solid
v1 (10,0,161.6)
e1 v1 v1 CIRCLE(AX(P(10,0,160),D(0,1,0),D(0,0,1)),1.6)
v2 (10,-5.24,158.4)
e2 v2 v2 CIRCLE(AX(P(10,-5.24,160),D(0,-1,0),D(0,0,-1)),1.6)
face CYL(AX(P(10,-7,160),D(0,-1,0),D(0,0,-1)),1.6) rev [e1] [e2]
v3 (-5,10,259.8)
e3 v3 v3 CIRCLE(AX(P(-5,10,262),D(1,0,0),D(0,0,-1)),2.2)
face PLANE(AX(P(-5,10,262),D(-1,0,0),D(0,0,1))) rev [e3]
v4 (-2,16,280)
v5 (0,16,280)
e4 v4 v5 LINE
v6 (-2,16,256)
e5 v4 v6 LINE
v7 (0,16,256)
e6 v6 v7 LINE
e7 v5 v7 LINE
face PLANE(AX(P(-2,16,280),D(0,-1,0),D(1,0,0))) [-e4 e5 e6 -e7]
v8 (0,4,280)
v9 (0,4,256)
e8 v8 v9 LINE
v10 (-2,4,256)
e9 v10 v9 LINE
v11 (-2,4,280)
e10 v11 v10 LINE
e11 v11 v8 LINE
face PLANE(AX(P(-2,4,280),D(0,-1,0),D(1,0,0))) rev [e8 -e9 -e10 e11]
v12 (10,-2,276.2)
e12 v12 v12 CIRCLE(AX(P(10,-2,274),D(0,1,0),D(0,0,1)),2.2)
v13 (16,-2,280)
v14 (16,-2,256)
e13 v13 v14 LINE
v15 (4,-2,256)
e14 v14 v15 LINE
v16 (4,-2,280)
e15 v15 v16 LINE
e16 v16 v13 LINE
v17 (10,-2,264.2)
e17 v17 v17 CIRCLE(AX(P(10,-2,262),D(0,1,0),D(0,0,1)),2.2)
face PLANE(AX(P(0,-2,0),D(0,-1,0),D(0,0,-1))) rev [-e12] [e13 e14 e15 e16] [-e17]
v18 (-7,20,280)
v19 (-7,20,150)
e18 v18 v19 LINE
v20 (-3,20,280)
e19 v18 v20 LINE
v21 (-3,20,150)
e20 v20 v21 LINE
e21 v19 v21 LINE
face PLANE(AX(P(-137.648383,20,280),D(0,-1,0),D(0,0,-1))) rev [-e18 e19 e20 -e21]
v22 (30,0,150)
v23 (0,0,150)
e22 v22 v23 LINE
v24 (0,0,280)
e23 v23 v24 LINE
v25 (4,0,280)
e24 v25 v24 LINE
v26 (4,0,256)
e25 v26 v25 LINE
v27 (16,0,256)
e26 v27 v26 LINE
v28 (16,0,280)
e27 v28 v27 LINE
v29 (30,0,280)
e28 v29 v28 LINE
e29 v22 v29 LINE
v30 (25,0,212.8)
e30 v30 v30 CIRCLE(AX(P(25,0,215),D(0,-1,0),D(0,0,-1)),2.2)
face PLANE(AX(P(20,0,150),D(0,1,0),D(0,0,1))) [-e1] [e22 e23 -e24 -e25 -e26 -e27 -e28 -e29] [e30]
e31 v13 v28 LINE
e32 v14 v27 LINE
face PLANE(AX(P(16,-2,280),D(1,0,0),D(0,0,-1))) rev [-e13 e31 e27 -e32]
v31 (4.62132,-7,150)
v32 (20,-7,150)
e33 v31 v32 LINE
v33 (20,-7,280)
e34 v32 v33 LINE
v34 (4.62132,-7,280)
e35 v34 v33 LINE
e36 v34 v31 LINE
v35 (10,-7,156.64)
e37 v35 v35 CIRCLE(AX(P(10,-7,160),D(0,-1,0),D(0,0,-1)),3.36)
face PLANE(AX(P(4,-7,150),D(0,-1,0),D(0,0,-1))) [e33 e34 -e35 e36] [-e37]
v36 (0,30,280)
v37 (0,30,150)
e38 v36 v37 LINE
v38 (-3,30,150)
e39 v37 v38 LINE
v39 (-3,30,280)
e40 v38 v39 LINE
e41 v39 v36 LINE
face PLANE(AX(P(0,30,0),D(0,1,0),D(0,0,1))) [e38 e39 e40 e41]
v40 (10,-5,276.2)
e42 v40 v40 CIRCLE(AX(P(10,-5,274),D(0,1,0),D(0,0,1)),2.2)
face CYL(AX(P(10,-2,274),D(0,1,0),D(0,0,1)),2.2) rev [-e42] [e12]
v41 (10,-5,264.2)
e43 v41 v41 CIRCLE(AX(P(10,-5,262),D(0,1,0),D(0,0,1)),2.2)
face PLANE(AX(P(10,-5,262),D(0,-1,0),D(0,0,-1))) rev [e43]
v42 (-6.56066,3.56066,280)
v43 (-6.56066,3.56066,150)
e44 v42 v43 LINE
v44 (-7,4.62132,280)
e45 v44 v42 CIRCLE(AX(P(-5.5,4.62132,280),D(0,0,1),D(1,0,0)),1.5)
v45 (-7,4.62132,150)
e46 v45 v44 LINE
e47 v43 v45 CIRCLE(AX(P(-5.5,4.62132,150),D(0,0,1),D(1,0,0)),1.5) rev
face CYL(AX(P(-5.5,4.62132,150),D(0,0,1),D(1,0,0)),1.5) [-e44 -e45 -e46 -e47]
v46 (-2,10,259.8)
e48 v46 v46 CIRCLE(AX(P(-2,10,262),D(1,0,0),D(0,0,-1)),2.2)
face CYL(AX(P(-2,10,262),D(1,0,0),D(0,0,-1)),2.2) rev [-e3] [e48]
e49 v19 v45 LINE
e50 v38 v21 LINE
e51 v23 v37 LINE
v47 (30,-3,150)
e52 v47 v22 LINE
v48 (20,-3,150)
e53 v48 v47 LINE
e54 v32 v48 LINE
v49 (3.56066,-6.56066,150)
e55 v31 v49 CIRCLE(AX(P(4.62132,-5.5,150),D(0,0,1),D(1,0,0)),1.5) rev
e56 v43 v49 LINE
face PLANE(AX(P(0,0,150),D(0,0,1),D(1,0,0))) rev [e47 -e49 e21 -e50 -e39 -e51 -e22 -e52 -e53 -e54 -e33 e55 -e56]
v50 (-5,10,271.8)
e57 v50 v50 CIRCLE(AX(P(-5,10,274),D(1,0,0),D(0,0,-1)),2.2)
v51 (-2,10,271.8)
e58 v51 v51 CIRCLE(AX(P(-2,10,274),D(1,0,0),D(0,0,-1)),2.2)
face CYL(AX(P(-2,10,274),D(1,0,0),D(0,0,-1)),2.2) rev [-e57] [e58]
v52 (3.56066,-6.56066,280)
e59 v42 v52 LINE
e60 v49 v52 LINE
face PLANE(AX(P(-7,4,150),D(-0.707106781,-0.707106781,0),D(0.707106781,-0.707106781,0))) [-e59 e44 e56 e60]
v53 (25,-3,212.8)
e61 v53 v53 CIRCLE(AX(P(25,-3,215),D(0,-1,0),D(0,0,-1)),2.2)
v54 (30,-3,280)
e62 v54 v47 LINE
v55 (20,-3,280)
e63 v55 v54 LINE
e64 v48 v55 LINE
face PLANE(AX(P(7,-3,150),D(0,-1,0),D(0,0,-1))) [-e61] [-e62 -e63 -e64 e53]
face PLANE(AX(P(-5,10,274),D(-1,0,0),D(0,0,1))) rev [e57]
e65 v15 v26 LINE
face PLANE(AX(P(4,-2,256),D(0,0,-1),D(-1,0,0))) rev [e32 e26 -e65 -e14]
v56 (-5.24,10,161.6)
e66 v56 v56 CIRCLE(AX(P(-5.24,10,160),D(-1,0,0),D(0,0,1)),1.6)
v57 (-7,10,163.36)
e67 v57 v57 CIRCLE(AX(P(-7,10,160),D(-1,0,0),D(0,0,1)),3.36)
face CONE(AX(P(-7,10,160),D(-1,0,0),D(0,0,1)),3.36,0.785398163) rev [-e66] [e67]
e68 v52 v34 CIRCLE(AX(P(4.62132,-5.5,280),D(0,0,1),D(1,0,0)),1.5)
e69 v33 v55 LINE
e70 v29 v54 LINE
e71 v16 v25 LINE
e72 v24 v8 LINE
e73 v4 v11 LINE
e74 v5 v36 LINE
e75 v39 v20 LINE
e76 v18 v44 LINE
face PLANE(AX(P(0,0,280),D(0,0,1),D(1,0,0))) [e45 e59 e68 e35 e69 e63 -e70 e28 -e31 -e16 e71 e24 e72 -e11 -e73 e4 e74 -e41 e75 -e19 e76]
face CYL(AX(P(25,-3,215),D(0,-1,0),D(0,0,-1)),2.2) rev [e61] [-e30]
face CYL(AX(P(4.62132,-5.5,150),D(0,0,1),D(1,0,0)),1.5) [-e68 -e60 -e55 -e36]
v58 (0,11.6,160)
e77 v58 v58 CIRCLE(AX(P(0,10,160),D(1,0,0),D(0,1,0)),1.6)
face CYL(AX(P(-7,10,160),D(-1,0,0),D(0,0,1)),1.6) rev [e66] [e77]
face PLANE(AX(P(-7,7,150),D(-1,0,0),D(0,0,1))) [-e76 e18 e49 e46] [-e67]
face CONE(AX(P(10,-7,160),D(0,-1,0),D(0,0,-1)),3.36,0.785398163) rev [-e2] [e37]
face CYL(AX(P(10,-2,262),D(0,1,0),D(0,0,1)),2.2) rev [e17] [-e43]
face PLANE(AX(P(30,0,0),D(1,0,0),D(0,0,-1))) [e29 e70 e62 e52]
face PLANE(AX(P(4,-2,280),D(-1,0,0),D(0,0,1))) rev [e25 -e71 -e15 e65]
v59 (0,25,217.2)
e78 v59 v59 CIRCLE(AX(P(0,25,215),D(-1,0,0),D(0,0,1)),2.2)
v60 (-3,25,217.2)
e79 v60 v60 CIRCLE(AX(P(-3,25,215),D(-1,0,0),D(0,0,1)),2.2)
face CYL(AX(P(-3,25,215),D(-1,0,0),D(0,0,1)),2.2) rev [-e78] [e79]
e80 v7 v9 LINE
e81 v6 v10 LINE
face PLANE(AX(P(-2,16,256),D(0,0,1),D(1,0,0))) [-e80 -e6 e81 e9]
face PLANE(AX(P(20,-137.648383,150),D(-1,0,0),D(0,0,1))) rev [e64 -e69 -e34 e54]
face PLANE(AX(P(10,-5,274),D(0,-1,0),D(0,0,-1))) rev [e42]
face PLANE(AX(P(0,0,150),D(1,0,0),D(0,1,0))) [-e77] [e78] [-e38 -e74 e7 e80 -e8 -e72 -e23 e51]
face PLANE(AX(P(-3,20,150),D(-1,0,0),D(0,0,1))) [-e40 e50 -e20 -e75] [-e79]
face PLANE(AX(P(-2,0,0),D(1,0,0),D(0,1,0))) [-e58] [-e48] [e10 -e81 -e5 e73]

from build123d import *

# Parameters (mm, degrees)
BOSS_EXTRUDE1_DEPTH            = 130
FILLET1_R                      = 1.5
SKETCH2_W                      = 130
SKETCH2_H                      = 3
BOSS_EXTRUDE2_DEPTH            = 10
SKETCH4_W                      = 13
SKETCH4_H                      = 130
BOSS_EXTRUDE3_DEPTH            = 4
SKETCH6_W                      = 3
SKETCH6_H                      = 130
BOSS_EXTRUDE4_DEPTH            = 10
SKETCH5_W                      = 130
SKETCH5_H                      = 13
BOSS_EXTRUDE5_DEPTH            = 4
CSK_FOR_M3_SFHCS1_D            = 3.2
CSK_FOR_M3_SFHCS1_CSINK_D      = 6.72
CSK_FOR_M3_SFHCS1_CSINK_ANGLE  = 90
CSK_FOR_M3_SFHCS2_D            = 3.2
CSK_FOR_M3_SFHCS2_CSINK_D      = 6.72
CSK_FOR_M3_SFHCS2_CSINK_ANGLE  = 90
SKETCH13_W                     = 12
SKETCH13_H                     = 24
CUT_EXTRUDE1_DEPTH             = 2
F_4_4_4_4_DIAMETER_HOLE1_D     = 4.4
F_4_4_4_4_DIAMETER_HOLE1_DEPTH = 3
SKETCH16_W                     = 24
SKETCH16_H                     = 12
CUT_EXTRUDE2_DEPTH             = 2
F_4_4_4_4_DIAMETER_HOLE2_D     = 4.4
F_4_4_4_4_DIAMETER_HOLE2_DEPTH = 3
F_4_4_4_4_DIAMETER_HOLE3_D     = 4.4
F_4_4_4_4_DIAMETER_HOLE4_D     = 4.4


with BuildPart() as part:
    # Sketch1 → Boss-Extrude1 (new body)
    with BuildSketch(Plane.XY.offset(280)):
        Polygon((-7, 4), (4, -7), (7, -7), (7, -3), (20, -3), (20, 0), (0, 0), (0, 20), (-3, 20), (-3, 7), (-7, 7), align=None)
    extrude(amount=-BOSS_EXTRUDE1_DEPTH)

    # Fillet1
    fillet1_edges = [part.edges().sort_by_distance(p)[0] for p in [
        (4, -7, 215),
        (-7, 4, 215),
    ]]
    fillet(fillet1_edges, radius=FILLET1_R)

    # Sketch2 → Boss-Extrude2 (add)
    with BuildSketch(Plane(origin=(20, 0, 0), x_dir=(0, 0, -1), z_dir=(1, 0, 0))):
        with Locations((-215, -1.5)):
            Rectangle(SKETCH2_W, SKETCH2_H)
    extrude(amount=BOSS_EXTRUDE2_DEPTH)

    # Sketch4 → Boss-Extrude3 (add)
    with BuildSketch(Plane.XZ.offset(3)):
        with Locations((13.5, 215)):
            Rectangle(SKETCH4_W, SKETCH4_H)
    extrude(amount=BOSS_EXTRUDE3_DEPTH)

    # Sketch6 → Boss-Extrude4 (add)
    with BuildSketch(Plane(origin=(0, 20, 0), x_dir=(1, 0, 0), z_dir=(0, 1, 0))):
        with Locations((-1.5, -215)):
            Rectangle(SKETCH6_W, SKETCH6_H)
    extrude(amount=BOSS_EXTRUDE4_DEPTH)

    # Sketch5 → Boss-Extrude5 (add)
    with BuildSketch(Plane.ZY.offset(3)):
        with Locations((215, 13.5)):
            Rectangle(SKETCH5_W, SKETCH5_H)
    extrude(amount=BOSS_EXTRUDE5_DEPTH)

    # CSK for M3 SFHCS1 (through all)
    with Locations(Plane.ZY.offset(7)):
        with Locations((160, 10)):
            CounterSinkHole(CSK_FOR_M3_SFHCS1_D / 2, CSK_FOR_M3_SFHCS1_CSINK_D / 2, counter_sink_angle=CSK_FOR_M3_SFHCS1_CSINK_ANGLE)

    # CSK for M3 SFHCS2 (through all)
    with Locations(Plane.XZ.offset(7)):
        with Locations((10, 160)):
            CounterSinkHole(CSK_FOR_M3_SFHCS2_D / 2, CSK_FOR_M3_SFHCS2_CSINK_D / 2, counter_sink_angle=CSK_FOR_M3_SFHCS2_CSINK_ANGLE)

    # Sketch13 → Cut-Extrude1 (cut)
    with BuildSketch(Plane(origin=(0, 0, 0), x_dir=(1, 0, 0), z_dir=(0, 1, 0))):
        with Locations((10, -268)):
            Rectangle(SKETCH13_W, SKETCH13_H)
    extrude(amount=-CUT_EXTRUDE1_DEPTH, mode=Mode.SUBTRACT)

    # Ø4.4 (4.4) Diameter Hole1
    with Locations(Plane(origin=(0, -2, 0), x_dir=(1, 0, 0), z_dir=(0, 1, 0))):
        with Locations((10, -262), (10, -274)):
            Hole(F_4_4_4_4_DIAMETER_HOLE1_D / 2, depth=F_4_4_4_4_DIAMETER_HOLE1_DEPTH)

    # Sketch16 → Cut-Extrude2 (cut)
    with BuildSketch(Plane(origin=(0, 0, 0), x_dir=(0, 0, -1), z_dir=(1, 0, 0))):
        with Locations((-268, 10)):
            Rectangle(SKETCH16_W, SKETCH16_H)
    extrude(amount=-CUT_EXTRUDE2_DEPTH, mode=Mode.SUBTRACT)

    # Ø4.4 (4.4) Diameter Hole2
    with Locations(Plane(origin=(-2, 0, 0), x_dir=(0, 0, -1), z_dir=(1, 0, 0))):
        with Locations((-262, 10), (-274, 10)):
            Hole(F_4_4_4_4_DIAMETER_HOLE2_D / 2, depth=F_4_4_4_4_DIAMETER_HOLE2_DEPTH)

    # Ø4.4 (4.4) Diameter Hole3 (through all)
    with Locations(Plane.ZY.offset(3)):
        with Locations((215, 25)):
            Hole(F_4_4_4_4_DIAMETER_HOLE3_D / 2)

    # Ø4.4 (4.4) Diameter Hole4 (through all)
    with Locations(Plane.XZ.offset(3)):
        with Locations((25, 215)):
            Hole(F_4_4_4_4_DIAMETER_HOLE4_D / 2)


solid = part.part
